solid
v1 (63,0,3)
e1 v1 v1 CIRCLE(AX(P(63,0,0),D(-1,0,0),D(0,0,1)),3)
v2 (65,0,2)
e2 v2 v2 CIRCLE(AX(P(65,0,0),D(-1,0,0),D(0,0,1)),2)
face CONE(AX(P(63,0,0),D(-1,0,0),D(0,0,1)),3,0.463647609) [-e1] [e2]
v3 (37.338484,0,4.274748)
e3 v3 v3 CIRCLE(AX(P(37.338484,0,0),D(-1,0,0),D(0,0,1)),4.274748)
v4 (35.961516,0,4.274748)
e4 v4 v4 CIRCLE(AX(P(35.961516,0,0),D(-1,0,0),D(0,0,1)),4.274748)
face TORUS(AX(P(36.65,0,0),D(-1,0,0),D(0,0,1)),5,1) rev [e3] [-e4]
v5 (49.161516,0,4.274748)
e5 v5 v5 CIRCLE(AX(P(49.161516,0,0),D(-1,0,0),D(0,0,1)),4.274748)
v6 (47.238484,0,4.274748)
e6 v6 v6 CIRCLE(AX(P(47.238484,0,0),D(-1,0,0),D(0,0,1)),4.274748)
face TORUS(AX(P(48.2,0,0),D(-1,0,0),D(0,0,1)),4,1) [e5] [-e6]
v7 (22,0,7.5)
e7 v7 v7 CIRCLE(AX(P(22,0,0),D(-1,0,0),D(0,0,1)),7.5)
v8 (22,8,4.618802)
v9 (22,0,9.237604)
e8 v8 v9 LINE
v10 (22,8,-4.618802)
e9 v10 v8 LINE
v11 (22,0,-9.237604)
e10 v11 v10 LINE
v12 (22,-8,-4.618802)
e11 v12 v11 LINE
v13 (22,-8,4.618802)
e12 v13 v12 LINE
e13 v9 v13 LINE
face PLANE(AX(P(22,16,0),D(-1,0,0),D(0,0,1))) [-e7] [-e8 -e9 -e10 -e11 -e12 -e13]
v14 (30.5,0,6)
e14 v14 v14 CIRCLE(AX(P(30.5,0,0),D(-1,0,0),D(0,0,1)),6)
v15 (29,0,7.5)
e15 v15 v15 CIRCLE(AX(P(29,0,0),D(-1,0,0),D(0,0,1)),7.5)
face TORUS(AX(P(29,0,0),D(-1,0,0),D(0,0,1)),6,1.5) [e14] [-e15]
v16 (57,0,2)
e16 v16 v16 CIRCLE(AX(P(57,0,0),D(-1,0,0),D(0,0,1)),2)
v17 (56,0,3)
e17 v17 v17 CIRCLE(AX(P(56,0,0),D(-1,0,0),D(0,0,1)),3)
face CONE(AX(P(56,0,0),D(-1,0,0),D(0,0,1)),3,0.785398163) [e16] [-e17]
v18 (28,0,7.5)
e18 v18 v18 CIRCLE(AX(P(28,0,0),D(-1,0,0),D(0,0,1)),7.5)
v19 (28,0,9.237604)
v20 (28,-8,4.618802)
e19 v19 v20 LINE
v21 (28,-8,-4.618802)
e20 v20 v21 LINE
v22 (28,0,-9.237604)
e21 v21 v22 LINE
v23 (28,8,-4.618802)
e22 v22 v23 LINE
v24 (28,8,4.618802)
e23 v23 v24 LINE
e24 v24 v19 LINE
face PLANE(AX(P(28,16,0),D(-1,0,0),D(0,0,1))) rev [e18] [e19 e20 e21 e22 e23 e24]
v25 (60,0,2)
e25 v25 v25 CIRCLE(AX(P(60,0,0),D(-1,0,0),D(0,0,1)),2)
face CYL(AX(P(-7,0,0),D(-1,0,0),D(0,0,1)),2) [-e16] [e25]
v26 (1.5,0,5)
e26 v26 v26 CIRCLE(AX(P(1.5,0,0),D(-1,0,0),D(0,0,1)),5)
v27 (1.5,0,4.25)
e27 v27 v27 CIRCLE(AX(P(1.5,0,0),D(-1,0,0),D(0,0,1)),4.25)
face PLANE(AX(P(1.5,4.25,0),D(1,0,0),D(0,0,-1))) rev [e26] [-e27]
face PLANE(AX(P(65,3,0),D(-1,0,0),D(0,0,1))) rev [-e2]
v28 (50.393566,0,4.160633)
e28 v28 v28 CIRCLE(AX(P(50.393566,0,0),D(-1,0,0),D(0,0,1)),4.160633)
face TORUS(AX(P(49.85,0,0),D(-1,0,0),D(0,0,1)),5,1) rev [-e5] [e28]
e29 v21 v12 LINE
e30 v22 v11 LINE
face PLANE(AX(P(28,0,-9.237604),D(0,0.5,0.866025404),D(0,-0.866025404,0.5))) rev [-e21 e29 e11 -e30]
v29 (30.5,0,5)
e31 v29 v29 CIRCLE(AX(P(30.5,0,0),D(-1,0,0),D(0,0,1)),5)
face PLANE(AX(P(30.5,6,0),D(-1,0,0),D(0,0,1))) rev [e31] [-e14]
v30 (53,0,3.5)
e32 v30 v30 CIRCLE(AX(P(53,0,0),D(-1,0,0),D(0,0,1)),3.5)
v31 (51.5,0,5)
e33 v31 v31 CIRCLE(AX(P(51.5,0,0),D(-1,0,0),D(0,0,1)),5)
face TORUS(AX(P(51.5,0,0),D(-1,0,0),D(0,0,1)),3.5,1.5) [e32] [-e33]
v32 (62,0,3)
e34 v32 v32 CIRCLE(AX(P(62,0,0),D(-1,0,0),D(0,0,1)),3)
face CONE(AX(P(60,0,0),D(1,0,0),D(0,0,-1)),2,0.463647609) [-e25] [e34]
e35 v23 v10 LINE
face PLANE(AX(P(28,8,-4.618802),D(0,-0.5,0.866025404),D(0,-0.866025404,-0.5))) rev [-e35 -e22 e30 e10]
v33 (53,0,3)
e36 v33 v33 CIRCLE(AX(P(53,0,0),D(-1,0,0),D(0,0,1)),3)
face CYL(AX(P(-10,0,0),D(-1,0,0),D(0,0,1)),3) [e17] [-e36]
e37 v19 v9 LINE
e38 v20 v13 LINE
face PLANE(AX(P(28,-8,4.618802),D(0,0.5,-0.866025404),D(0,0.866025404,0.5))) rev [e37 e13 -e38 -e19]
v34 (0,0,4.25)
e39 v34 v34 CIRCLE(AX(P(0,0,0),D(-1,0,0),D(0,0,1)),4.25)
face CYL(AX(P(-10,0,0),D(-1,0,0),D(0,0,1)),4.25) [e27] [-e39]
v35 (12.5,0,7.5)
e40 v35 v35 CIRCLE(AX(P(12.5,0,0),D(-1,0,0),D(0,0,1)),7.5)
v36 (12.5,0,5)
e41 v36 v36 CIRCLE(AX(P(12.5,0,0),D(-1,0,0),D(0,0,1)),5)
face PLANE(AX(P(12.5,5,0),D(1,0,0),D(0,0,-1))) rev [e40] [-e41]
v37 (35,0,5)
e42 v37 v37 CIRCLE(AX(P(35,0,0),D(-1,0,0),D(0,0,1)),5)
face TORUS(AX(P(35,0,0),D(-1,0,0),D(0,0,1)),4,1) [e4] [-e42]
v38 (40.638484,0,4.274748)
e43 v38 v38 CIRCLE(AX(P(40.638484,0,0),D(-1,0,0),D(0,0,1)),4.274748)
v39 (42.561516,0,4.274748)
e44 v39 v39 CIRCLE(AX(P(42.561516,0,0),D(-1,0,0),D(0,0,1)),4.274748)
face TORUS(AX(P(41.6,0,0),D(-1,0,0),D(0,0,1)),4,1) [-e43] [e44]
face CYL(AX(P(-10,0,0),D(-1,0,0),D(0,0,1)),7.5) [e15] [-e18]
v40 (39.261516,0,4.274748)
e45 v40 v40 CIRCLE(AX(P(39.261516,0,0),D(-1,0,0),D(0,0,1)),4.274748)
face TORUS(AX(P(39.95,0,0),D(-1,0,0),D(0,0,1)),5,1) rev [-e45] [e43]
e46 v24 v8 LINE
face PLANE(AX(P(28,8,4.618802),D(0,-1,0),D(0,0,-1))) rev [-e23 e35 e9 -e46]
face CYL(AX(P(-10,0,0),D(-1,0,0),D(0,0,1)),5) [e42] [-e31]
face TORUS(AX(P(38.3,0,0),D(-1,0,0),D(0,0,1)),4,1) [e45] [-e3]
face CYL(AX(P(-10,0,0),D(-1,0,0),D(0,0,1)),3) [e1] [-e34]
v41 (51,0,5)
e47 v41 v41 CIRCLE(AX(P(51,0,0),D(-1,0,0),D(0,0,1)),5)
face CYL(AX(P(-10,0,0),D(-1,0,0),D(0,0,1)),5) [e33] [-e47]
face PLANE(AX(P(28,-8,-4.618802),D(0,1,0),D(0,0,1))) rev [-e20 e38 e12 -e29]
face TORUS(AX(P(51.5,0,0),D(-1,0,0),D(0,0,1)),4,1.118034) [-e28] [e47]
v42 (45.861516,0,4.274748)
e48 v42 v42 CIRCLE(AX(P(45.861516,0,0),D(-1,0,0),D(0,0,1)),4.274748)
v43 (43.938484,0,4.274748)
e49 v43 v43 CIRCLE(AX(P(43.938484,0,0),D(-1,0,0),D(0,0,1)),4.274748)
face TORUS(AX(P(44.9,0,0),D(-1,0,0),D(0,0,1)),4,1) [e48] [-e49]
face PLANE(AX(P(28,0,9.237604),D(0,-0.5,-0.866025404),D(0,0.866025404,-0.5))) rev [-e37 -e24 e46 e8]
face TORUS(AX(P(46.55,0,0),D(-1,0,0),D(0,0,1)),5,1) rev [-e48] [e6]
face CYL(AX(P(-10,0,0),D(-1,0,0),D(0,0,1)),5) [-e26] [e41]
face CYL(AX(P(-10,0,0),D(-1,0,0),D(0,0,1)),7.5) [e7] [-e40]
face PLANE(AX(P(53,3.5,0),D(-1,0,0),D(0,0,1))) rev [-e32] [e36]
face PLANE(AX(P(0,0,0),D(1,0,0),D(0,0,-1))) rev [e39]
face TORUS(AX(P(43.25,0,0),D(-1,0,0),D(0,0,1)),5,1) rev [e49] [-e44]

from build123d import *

# Parameters (mm, degrees)
BOSS_EXTRU_1_DEPTH = 6


with BuildPart() as part:
    # Esquisse1 → Base-Révolution (revolve)
    with BuildSketch(Plane.XY, mode=Mode.PRIVATE) as base_r_volution_sk:
        with BuildLine():
            Line((0, 0), (0, 4.25))
            Line((0, 4.25), (1.5, 4.25))
            Line((1.5, 4.25), (1.5, 5))
            Line((1.5, 5), (12.5, 5))
            Line((12.5, 5), (12.5, 7.5))
            Line((12.5, 7.5), (29, 7.5))
            ThreePointArc((29, 7.5), (30.060660172, 7.060660172), (30.5, 6))
            Line((30.5, 6), (30.5, 5))
            Line((30.5, 5), (35.294011105, 5))
            Line((35.294011105, 5), (51.5, 5))
            ThreePointArc((51.5, 5), (52.560660172, 4.560660172), (53, 3.5))
            Line((53, 3.5), (53, 3))
            Line((53, 3), (65, 3))
            Line((65, 3), (65, 0))
            Line((65, 0), (0, 0))
        make_face()
    revolve(base_r_volution_sk.sketch.rotate(Axis((-10, 0, 0), (1, 0, 0)), 90), axis=Axis((-10, 0, 0), (1, 0, 0)))

    # Esquisse2 → Enlèvement de matière-Révolution1 (revolve, cut)
    with BuildSketch(Plane.XY, mode=Mode.PRIVATE) as enl_vement_de_mati_re_r_volution1_sk:
        Polygon((60, 2), (62, 3), (63, 3), (65, 2), (65, 4), (60, 4), (57, 4), (56, 3), (57, 2), align=None)
        with BuildLine():
            Line((35, 5), (34, 5))
            Line((34, 5), (34, 6))
            Line((34, 6), (51, 6))
            Line((51, 6), (51, 5))
            ThreePointArc((51, 5), (50.593748432, 4.654758044), (50.393565671, 4.160633357))
            ThreePointArc((50.393565671, 4.160633357), (49.757772717, 4.004262018), (49.161516186, 4.274748294))
            ThreePointArc((49.161516186, 4.274748294), (48.2, 5), (47.238483814, 4.274748294))
            ThreePointArc((47.238483814, 4.274748294), (46.55, 4), (45.861516186, 4.274748294))
            ThreePointArc((45.861516186, 4.274748294), (44.9, 5), (43.938483814, 4.274748294))
            ThreePointArc((43.938483814, 4.274748294), (43.25, 4), (42.561516186, 4.274748294))
            ThreePointArc((42.561516186, 4.274748294), (41.6, 5), (40.638483814, 4.274748294))
            ThreePointArc((40.638483814, 4.274748294), (39.95, 4), (39.261516186, 4.274748294))
            ThreePointArc((39.261516186, 4.274748294), (38.3, 5), (37.338483814, 4.274748294))
            ThreePointArc((37.338483814, 4.274748294), (36.65, 4), (35.961516186, 4.274748294))
            ThreePointArc((35.961516186, 4.274748294), (35.602184235, 4.798357155), (35, 5))
        make_face()
    revolve(enl_vement_de_mati_re_r_volution1_sk.sketch.rotate(Axis((-7, 0, 0), (1, 0, 0)), 90), axis=Axis((-7, 0, 0), (1, 0, 0)), mode=Mode.SUBTRACT)

    # Esquisse3 → Boss.-Extru.1 (add)
    with BuildSketch(Plane(origin=(22, 0, 0), x_dir=(0, 0, -1), z_dir=(1, 0, 0))):
        Polygon((-4.618802154, 8), (4.618802154, 8), (9.237604307, 0), (4.618802154, -8), (-4.618802154, -8), (-9.237604307, 0), align=None)
    extrude(amount=BOSS_EXTRU_1_DEPTH)


solid = part.part
